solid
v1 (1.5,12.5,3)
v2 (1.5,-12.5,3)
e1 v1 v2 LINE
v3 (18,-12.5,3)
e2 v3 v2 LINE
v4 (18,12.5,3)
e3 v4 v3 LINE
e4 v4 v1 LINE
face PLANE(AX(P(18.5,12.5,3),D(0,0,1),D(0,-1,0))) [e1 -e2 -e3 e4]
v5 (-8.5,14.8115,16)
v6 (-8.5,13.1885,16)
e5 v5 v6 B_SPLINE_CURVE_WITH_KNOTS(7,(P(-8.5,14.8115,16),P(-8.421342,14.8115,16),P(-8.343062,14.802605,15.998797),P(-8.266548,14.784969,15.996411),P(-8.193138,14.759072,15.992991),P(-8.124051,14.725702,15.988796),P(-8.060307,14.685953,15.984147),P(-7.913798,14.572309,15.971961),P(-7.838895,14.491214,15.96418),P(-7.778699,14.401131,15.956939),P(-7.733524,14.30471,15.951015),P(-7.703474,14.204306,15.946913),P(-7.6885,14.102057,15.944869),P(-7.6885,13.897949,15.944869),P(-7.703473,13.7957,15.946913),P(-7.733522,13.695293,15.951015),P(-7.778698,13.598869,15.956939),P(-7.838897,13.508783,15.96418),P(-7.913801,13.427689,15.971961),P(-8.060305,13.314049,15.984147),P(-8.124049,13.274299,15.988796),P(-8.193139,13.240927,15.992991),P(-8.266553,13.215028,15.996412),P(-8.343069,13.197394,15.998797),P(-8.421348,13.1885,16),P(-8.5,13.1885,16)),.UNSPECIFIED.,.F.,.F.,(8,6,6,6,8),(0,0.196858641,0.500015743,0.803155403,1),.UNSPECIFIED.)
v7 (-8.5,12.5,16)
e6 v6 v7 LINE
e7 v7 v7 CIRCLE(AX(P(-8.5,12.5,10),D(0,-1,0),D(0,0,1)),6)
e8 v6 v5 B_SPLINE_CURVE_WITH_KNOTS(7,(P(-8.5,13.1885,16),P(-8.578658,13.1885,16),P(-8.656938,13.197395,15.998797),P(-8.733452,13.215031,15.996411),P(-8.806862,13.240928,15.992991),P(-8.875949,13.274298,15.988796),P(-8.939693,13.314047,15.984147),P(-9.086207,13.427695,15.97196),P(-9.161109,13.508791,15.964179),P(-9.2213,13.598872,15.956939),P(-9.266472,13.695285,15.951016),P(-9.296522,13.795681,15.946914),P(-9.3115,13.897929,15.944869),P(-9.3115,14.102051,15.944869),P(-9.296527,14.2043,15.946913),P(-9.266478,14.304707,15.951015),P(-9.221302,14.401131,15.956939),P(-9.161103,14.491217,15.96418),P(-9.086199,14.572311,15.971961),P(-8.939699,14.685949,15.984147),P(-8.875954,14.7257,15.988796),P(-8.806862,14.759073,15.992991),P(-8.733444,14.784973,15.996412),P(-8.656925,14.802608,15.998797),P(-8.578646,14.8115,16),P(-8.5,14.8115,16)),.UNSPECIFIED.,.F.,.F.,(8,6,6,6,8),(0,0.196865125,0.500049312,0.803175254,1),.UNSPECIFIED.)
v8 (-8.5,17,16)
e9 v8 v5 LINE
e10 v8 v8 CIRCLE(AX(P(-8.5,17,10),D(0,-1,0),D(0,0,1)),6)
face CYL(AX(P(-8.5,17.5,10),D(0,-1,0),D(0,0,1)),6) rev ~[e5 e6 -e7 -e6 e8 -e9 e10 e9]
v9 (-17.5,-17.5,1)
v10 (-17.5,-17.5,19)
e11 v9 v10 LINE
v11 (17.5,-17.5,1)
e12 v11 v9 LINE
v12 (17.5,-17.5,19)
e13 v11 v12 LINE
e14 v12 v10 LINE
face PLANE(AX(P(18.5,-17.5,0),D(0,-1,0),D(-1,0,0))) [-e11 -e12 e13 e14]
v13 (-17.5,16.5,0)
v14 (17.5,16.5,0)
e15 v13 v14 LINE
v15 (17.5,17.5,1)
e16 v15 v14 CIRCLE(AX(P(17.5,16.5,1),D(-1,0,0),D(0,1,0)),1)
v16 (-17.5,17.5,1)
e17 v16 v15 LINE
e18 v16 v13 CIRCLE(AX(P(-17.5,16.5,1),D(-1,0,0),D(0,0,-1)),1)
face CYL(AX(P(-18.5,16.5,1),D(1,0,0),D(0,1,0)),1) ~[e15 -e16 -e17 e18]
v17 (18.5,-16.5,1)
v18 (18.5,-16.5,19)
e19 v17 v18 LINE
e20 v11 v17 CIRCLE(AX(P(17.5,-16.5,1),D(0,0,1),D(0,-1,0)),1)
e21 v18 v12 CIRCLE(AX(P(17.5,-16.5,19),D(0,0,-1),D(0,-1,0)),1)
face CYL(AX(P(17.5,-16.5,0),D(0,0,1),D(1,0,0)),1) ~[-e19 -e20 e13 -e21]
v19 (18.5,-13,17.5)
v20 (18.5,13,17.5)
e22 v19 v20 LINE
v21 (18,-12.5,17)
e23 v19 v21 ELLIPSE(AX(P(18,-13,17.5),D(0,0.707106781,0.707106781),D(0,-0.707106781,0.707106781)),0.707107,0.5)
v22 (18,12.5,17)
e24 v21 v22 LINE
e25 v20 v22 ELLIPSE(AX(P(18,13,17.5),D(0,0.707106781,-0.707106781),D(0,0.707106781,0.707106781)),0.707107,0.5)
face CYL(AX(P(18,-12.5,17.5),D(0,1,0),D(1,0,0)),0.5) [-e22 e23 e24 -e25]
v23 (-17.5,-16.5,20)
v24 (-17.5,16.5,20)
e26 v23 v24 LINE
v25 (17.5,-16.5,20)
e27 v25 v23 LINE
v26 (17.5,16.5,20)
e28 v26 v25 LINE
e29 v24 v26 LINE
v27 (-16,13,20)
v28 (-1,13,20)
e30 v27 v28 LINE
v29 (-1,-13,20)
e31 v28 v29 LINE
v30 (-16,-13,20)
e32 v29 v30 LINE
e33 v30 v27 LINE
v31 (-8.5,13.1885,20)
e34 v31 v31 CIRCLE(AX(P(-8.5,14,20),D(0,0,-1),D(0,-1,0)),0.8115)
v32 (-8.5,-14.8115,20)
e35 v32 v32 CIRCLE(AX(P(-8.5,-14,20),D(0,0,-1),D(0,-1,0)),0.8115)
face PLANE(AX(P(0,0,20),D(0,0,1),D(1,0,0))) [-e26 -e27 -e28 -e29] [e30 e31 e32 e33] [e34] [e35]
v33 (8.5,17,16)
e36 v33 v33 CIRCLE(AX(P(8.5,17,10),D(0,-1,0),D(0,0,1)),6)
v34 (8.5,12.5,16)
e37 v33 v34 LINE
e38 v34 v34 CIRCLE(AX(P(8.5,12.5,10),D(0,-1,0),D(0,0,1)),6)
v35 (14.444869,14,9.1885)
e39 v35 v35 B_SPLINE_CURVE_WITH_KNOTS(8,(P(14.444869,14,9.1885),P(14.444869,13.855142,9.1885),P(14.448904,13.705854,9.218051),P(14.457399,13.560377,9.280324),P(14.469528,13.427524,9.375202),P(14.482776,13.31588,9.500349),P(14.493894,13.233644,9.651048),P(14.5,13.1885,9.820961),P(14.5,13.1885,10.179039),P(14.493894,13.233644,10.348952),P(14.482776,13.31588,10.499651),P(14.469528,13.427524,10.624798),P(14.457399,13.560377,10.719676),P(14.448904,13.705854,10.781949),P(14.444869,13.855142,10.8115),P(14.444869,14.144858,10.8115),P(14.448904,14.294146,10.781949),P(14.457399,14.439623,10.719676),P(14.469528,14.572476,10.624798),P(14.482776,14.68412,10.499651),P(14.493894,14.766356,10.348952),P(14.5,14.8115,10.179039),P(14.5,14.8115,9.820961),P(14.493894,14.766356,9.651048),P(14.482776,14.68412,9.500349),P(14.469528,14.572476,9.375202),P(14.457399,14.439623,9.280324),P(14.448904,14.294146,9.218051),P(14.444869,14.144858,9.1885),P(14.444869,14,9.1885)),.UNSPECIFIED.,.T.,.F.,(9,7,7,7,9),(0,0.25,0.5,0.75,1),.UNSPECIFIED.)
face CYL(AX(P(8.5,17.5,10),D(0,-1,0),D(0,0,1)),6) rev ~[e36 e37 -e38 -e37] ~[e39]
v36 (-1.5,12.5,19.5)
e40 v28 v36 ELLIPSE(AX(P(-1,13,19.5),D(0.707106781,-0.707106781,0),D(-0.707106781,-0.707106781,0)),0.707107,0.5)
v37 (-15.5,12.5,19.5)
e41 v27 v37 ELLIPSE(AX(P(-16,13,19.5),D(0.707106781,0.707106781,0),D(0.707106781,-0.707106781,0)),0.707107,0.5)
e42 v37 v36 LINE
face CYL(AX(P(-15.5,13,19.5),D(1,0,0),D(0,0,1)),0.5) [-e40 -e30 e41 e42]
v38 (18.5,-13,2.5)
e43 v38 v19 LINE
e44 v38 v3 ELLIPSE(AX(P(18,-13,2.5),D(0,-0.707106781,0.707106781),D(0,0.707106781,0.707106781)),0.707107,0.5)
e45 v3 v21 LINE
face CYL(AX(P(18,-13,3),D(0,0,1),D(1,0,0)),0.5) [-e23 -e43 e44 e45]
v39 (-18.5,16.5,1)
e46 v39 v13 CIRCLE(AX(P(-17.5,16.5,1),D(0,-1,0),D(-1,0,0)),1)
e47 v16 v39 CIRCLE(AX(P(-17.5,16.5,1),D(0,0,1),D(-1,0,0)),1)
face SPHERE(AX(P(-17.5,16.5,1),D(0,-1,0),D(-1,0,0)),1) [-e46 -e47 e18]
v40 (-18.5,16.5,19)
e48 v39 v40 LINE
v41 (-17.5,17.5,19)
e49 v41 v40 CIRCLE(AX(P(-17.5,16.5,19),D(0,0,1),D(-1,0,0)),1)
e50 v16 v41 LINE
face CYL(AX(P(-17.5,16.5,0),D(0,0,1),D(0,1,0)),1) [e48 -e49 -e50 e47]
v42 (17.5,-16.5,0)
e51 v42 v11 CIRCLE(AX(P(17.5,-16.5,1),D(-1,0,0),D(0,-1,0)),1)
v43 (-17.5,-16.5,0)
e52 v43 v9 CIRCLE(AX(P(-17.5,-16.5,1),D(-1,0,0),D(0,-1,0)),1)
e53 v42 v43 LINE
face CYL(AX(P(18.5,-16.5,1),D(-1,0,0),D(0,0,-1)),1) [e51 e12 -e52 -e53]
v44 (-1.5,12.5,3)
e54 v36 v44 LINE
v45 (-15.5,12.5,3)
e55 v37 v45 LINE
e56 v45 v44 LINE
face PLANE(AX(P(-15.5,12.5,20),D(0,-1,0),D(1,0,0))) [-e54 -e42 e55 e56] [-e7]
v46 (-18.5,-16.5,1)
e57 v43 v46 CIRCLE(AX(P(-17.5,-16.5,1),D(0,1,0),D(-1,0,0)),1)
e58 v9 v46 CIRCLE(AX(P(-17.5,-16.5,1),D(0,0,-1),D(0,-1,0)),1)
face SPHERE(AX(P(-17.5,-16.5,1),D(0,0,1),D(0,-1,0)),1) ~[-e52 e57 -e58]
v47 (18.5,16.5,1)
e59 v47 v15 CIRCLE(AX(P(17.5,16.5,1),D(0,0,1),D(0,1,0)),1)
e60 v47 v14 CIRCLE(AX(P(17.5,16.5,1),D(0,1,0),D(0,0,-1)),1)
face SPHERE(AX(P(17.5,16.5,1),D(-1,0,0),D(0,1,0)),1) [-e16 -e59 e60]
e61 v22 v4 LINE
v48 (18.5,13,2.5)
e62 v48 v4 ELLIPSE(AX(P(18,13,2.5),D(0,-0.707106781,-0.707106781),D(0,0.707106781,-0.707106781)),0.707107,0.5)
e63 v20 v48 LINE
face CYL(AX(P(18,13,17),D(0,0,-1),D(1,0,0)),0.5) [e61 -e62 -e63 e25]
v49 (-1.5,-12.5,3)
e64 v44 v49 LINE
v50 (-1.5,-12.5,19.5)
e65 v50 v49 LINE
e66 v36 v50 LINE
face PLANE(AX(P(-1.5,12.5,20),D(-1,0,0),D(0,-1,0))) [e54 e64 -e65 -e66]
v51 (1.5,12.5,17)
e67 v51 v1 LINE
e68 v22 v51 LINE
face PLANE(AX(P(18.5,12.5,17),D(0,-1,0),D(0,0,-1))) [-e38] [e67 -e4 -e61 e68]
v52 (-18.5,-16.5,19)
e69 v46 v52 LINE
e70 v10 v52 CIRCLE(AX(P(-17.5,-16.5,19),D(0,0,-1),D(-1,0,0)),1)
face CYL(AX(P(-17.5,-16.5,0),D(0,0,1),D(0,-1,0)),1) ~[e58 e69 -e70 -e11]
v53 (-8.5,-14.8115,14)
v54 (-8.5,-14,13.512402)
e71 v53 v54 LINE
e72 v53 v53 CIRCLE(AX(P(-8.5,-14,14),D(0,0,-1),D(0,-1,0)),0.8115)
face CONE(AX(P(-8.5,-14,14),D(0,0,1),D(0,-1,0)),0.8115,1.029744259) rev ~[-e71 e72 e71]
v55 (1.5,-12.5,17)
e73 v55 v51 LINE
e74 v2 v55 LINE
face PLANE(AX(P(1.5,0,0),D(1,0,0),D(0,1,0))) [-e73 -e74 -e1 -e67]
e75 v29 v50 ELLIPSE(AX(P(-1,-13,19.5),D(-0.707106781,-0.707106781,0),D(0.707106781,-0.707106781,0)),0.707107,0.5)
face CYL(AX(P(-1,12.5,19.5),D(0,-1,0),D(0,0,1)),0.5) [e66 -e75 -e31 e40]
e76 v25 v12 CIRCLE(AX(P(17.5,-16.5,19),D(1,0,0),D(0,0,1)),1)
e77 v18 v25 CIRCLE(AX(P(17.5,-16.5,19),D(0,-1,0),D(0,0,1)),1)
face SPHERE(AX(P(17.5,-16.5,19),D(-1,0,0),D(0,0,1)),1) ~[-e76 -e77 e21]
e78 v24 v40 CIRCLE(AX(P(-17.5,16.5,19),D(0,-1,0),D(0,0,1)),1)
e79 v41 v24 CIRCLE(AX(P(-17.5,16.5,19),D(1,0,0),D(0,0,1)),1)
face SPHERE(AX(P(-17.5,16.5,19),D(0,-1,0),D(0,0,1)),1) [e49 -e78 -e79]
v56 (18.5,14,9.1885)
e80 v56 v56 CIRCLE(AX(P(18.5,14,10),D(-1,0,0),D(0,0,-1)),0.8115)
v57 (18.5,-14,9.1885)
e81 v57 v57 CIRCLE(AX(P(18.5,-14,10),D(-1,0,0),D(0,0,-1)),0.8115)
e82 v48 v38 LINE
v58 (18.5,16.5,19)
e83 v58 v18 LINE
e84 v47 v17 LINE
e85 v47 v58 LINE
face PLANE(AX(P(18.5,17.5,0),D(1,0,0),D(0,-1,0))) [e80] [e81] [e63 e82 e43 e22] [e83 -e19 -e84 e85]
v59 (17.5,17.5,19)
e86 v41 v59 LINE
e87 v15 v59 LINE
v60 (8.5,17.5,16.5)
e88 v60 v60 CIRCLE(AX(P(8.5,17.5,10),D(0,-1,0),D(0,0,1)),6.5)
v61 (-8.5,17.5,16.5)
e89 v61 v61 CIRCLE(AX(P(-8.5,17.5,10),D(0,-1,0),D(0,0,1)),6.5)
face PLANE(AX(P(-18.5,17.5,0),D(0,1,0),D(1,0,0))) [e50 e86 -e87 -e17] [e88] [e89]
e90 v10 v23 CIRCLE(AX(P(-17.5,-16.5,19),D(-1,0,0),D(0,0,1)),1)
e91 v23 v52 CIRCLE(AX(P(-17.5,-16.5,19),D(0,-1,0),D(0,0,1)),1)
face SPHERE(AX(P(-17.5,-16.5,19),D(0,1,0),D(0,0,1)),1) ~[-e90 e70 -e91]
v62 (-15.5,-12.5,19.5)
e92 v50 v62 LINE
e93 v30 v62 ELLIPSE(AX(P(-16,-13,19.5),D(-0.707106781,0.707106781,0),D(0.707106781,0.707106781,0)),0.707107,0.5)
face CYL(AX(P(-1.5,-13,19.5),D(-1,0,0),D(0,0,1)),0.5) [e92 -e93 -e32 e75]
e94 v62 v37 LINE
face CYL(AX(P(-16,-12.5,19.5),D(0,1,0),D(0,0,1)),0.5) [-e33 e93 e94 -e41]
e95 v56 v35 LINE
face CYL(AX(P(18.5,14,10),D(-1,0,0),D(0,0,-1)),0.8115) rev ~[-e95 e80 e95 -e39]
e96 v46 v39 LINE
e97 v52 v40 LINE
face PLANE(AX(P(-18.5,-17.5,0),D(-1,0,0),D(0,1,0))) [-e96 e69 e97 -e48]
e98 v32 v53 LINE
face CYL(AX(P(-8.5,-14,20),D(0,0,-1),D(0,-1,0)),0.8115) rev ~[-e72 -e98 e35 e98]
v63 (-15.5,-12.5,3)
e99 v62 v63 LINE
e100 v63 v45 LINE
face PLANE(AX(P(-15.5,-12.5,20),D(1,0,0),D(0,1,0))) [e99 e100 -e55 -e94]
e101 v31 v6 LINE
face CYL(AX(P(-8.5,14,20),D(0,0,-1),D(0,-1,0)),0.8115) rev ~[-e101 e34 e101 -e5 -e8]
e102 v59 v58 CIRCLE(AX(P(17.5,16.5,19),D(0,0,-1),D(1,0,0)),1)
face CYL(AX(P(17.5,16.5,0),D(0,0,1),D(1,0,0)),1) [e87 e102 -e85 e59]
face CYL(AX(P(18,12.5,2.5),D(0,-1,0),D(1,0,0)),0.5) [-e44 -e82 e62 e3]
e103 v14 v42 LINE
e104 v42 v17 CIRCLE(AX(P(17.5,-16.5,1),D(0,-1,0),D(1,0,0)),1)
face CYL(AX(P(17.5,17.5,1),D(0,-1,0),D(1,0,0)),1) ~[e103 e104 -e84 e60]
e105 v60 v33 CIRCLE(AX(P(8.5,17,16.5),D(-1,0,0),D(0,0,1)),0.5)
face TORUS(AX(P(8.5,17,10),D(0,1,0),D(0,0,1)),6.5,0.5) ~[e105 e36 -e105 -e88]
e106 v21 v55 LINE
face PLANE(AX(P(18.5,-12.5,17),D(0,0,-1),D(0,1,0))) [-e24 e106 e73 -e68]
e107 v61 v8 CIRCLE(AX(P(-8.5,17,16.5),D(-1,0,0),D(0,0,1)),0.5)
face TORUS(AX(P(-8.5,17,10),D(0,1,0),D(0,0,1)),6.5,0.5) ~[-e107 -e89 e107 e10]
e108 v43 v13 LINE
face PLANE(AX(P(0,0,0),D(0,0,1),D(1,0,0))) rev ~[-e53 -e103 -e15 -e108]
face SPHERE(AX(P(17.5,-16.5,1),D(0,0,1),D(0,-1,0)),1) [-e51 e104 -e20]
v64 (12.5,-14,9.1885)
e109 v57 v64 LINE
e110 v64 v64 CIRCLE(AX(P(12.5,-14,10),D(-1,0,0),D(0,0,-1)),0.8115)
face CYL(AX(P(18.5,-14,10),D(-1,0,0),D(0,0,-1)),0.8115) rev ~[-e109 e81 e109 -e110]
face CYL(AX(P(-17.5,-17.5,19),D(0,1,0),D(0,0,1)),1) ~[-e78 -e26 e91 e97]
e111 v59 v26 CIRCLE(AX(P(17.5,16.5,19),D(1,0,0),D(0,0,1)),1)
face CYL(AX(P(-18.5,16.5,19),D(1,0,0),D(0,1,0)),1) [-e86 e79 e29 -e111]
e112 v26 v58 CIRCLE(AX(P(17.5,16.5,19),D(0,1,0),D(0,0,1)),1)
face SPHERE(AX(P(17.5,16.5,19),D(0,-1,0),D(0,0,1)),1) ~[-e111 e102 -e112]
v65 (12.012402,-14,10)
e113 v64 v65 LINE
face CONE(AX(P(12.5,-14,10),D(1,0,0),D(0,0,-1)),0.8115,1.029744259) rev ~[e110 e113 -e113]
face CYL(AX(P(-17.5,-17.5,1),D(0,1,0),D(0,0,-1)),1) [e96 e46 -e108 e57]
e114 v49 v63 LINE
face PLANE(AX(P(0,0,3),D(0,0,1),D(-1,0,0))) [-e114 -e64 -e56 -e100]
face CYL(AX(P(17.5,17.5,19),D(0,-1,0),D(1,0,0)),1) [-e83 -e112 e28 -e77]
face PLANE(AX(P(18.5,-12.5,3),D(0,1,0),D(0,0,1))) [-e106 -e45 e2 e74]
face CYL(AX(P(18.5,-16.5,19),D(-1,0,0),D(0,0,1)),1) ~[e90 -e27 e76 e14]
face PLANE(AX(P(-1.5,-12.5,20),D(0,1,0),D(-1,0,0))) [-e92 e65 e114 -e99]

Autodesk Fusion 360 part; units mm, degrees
sketch "Sketch1" plane through (0, 0, 0) normal (0, 0, 1) x (1, 0, 0)
  line L0 (18.5, -17.5) -> (-18.5, -17.5)
  line L1 (-18.5, -17.5) -> (-18.5, 17.5)
  line L2 (-18.5, 17.5) -> (18.5, 17.5)
  line L3 (18.5, 17.5) -> (18.5, -17.5)
  line L4 (18.5, -17.5) -> (-18.5, 17.5) construction
  line L5 (-18.5, -17.5) -> (18.5, 17.5) construction
  dimension "d1" = 35
  dimension "d2" = 37
extrude "Extrude1" add sketch "Sketch1" along normal blind 20
sketch "Sketch4" plane through (18.5, 0, 0) normal (1, 0, 0) x (0, 1, 0)
  line L0 (-17.5, 0) -> (17.5, 0)
  line L1 (17.5, 0) -> (17.5, 20)
  line L2 (17.5, 20) -> (-17.5, 20)
  line L3 (-17.5, 20) -> (-17.5, 0)
  line L4 (12.5, 3) -> (-12.5, 3)
  line L5 (-12.5, 3) -> (-12.5, 17)
  line L6 (-12.5, 17) -> (12.5, 17)
  line L7 (12.5, 17) -> (12.5, 3)
  line L8 (12.5, 3) -> (-12.5, 17) construction
  line L9 (-12.5, 3) -> (12.5, 17) construction
  point P0 (0, 10)
  dimension "d39" = 25
  dimension "d40" = 14
  dimension "d41" = 10
extrude "Extrude3" cut sketch "Sketch4" against normal blind 17 contours L4 L5 L6 L7
sketch "Sketch5" plane through (18.5, 0, 0) normal (1, 0, 0) x (0, 1, 0)
  line L0 (-12.5, 3) -> (-12.5, 17)
  line L1 (-12.5, 17) -> (12.5, 17)
  line L2 (12.5, 17) -> (12.5, 3)
  line L3 (12.5, 3) -> (-12.5, 3)
  line L4 (-17.5, 0) -> (17.5, 0)
  line L5 (17.5, 0) -> (17.5, 20)
  line L6 (17.5, 20) -> (-17.5, 20)
  line L7 (-17.5, 20) -> (-17.5, 0)
  point P0 (-14, 10)
  point P1 (14, 10)
  dimension "d44" = 1.5
  dimension "d45" = 1.5
  dimension "d46" = 10
  dimension "d47" = 10
hole "Hole3" at (18.5, -14, 10) at (18.5, 14, 10) direction (-1, 0, 0) diameter 1.623 depth 6 tip angle 118
hole "Hole4" at (8.5, 17.5, 10) direction (0, -1, 0) diameter 12 depth 5 tip angle 180
sketch "Sketch6" plane through (0, 0, 20) normal (0, 0, 1) x (-1, 0, 0)
  line L0 (-18.5, -17.5) -> (18.5, -17.5)
  line L1 (18.5, -17.5) -> (18.5, 17.5)
  line L2 (18.5, 17.5) -> (-18.5, 17.5)
  line L3 (-18.5, 17.5) -> (-18.5, -17.5)
  line L4 (15.5, -12.5) -> (1.5, -12.5)
  line L5 (1.5, -12.5) -> (1.5, 12.5)
  line L6 (1.5, 12.5) -> (15.5, 12.5)
  line L7 (15.5, 12.5) -> (15.5, -12.5)
  point P0 (15.5, 0)
  dimension "d58" = 14
  dimension "d59" = 25
  dimension "d60" = 20
  dimension "d61" = 17.5
extrude "Extrude4" cut sketch "Sketch6" against normal blind 17 contours L4 L5 L6 L7
sketch "Sketch7" plane through (0, 0, 20) normal (0, 0, 1) x (-1, 0, 0)
  line L0 (1.5, -12.5) -> (1.5, 12.5)
  line L1 (1.5, 12.5) -> (15.5, 12.5)
  line L2 (15.5, 12.5) -> (15.5, -12.5)
  line L3 (15.5, -12.5) -> (1.5, -12.5)
  line L4 (-18.5, -17.5) -> (18.5, -17.5)
  line L5 (18.5, -17.5) -> (18.5, 17.5)
  line L6 (18.5, 17.5) -> (-18.5, 17.5)
  line L7 (-18.5, 17.5) -> (-18.5, -17.5)
  point P0 (8.5, 14)
  point P1 (8.5, -14)
  dimension "d64" = 1.5
  dimension "d65" = 1.5
  dimension "d66" = 7
  dimension "d67" = 7
hole "Hole5" at (-8.5, -14, 20) at (-8.5, 14, 20) direction (0, 0, -1) diameter 1.623 depth 6 tip angle 118
hole "Hole6" at (-8.5, 17.5, 10) direction (0, -1, 0) diameter 12 depth 5 tip angle 180
fillet "Fillet3" radius 0.5 10 edges at (18.5, -12.5, 10) (18.5, 0, 17) (18.5, 12.5, 10) (18.5, 0, 3) (10.6697, 17.5, 4.406) (-6.3303, 17.5, 4.406) (-1.5, 0, 20) (-8.5, 12.5, 20) (-15.5, 0, 20) (-8.5, -12.5, 20)
fillet "Fillet4" radius 1 12 edges at (-18.5, 0, 20) (0, -17.5, 20) (-18.5, -17.5, 10) (18.5, 0, 20) (0, 17.5, 20) (18.5, -17.5, 10) (0, -17.5, 0) (-18.5, 0, 0) (-18.5, 17.5, 10) (0, 17.5, 0) (18.5, 17.5, 10) (18.5, 0, 0)
